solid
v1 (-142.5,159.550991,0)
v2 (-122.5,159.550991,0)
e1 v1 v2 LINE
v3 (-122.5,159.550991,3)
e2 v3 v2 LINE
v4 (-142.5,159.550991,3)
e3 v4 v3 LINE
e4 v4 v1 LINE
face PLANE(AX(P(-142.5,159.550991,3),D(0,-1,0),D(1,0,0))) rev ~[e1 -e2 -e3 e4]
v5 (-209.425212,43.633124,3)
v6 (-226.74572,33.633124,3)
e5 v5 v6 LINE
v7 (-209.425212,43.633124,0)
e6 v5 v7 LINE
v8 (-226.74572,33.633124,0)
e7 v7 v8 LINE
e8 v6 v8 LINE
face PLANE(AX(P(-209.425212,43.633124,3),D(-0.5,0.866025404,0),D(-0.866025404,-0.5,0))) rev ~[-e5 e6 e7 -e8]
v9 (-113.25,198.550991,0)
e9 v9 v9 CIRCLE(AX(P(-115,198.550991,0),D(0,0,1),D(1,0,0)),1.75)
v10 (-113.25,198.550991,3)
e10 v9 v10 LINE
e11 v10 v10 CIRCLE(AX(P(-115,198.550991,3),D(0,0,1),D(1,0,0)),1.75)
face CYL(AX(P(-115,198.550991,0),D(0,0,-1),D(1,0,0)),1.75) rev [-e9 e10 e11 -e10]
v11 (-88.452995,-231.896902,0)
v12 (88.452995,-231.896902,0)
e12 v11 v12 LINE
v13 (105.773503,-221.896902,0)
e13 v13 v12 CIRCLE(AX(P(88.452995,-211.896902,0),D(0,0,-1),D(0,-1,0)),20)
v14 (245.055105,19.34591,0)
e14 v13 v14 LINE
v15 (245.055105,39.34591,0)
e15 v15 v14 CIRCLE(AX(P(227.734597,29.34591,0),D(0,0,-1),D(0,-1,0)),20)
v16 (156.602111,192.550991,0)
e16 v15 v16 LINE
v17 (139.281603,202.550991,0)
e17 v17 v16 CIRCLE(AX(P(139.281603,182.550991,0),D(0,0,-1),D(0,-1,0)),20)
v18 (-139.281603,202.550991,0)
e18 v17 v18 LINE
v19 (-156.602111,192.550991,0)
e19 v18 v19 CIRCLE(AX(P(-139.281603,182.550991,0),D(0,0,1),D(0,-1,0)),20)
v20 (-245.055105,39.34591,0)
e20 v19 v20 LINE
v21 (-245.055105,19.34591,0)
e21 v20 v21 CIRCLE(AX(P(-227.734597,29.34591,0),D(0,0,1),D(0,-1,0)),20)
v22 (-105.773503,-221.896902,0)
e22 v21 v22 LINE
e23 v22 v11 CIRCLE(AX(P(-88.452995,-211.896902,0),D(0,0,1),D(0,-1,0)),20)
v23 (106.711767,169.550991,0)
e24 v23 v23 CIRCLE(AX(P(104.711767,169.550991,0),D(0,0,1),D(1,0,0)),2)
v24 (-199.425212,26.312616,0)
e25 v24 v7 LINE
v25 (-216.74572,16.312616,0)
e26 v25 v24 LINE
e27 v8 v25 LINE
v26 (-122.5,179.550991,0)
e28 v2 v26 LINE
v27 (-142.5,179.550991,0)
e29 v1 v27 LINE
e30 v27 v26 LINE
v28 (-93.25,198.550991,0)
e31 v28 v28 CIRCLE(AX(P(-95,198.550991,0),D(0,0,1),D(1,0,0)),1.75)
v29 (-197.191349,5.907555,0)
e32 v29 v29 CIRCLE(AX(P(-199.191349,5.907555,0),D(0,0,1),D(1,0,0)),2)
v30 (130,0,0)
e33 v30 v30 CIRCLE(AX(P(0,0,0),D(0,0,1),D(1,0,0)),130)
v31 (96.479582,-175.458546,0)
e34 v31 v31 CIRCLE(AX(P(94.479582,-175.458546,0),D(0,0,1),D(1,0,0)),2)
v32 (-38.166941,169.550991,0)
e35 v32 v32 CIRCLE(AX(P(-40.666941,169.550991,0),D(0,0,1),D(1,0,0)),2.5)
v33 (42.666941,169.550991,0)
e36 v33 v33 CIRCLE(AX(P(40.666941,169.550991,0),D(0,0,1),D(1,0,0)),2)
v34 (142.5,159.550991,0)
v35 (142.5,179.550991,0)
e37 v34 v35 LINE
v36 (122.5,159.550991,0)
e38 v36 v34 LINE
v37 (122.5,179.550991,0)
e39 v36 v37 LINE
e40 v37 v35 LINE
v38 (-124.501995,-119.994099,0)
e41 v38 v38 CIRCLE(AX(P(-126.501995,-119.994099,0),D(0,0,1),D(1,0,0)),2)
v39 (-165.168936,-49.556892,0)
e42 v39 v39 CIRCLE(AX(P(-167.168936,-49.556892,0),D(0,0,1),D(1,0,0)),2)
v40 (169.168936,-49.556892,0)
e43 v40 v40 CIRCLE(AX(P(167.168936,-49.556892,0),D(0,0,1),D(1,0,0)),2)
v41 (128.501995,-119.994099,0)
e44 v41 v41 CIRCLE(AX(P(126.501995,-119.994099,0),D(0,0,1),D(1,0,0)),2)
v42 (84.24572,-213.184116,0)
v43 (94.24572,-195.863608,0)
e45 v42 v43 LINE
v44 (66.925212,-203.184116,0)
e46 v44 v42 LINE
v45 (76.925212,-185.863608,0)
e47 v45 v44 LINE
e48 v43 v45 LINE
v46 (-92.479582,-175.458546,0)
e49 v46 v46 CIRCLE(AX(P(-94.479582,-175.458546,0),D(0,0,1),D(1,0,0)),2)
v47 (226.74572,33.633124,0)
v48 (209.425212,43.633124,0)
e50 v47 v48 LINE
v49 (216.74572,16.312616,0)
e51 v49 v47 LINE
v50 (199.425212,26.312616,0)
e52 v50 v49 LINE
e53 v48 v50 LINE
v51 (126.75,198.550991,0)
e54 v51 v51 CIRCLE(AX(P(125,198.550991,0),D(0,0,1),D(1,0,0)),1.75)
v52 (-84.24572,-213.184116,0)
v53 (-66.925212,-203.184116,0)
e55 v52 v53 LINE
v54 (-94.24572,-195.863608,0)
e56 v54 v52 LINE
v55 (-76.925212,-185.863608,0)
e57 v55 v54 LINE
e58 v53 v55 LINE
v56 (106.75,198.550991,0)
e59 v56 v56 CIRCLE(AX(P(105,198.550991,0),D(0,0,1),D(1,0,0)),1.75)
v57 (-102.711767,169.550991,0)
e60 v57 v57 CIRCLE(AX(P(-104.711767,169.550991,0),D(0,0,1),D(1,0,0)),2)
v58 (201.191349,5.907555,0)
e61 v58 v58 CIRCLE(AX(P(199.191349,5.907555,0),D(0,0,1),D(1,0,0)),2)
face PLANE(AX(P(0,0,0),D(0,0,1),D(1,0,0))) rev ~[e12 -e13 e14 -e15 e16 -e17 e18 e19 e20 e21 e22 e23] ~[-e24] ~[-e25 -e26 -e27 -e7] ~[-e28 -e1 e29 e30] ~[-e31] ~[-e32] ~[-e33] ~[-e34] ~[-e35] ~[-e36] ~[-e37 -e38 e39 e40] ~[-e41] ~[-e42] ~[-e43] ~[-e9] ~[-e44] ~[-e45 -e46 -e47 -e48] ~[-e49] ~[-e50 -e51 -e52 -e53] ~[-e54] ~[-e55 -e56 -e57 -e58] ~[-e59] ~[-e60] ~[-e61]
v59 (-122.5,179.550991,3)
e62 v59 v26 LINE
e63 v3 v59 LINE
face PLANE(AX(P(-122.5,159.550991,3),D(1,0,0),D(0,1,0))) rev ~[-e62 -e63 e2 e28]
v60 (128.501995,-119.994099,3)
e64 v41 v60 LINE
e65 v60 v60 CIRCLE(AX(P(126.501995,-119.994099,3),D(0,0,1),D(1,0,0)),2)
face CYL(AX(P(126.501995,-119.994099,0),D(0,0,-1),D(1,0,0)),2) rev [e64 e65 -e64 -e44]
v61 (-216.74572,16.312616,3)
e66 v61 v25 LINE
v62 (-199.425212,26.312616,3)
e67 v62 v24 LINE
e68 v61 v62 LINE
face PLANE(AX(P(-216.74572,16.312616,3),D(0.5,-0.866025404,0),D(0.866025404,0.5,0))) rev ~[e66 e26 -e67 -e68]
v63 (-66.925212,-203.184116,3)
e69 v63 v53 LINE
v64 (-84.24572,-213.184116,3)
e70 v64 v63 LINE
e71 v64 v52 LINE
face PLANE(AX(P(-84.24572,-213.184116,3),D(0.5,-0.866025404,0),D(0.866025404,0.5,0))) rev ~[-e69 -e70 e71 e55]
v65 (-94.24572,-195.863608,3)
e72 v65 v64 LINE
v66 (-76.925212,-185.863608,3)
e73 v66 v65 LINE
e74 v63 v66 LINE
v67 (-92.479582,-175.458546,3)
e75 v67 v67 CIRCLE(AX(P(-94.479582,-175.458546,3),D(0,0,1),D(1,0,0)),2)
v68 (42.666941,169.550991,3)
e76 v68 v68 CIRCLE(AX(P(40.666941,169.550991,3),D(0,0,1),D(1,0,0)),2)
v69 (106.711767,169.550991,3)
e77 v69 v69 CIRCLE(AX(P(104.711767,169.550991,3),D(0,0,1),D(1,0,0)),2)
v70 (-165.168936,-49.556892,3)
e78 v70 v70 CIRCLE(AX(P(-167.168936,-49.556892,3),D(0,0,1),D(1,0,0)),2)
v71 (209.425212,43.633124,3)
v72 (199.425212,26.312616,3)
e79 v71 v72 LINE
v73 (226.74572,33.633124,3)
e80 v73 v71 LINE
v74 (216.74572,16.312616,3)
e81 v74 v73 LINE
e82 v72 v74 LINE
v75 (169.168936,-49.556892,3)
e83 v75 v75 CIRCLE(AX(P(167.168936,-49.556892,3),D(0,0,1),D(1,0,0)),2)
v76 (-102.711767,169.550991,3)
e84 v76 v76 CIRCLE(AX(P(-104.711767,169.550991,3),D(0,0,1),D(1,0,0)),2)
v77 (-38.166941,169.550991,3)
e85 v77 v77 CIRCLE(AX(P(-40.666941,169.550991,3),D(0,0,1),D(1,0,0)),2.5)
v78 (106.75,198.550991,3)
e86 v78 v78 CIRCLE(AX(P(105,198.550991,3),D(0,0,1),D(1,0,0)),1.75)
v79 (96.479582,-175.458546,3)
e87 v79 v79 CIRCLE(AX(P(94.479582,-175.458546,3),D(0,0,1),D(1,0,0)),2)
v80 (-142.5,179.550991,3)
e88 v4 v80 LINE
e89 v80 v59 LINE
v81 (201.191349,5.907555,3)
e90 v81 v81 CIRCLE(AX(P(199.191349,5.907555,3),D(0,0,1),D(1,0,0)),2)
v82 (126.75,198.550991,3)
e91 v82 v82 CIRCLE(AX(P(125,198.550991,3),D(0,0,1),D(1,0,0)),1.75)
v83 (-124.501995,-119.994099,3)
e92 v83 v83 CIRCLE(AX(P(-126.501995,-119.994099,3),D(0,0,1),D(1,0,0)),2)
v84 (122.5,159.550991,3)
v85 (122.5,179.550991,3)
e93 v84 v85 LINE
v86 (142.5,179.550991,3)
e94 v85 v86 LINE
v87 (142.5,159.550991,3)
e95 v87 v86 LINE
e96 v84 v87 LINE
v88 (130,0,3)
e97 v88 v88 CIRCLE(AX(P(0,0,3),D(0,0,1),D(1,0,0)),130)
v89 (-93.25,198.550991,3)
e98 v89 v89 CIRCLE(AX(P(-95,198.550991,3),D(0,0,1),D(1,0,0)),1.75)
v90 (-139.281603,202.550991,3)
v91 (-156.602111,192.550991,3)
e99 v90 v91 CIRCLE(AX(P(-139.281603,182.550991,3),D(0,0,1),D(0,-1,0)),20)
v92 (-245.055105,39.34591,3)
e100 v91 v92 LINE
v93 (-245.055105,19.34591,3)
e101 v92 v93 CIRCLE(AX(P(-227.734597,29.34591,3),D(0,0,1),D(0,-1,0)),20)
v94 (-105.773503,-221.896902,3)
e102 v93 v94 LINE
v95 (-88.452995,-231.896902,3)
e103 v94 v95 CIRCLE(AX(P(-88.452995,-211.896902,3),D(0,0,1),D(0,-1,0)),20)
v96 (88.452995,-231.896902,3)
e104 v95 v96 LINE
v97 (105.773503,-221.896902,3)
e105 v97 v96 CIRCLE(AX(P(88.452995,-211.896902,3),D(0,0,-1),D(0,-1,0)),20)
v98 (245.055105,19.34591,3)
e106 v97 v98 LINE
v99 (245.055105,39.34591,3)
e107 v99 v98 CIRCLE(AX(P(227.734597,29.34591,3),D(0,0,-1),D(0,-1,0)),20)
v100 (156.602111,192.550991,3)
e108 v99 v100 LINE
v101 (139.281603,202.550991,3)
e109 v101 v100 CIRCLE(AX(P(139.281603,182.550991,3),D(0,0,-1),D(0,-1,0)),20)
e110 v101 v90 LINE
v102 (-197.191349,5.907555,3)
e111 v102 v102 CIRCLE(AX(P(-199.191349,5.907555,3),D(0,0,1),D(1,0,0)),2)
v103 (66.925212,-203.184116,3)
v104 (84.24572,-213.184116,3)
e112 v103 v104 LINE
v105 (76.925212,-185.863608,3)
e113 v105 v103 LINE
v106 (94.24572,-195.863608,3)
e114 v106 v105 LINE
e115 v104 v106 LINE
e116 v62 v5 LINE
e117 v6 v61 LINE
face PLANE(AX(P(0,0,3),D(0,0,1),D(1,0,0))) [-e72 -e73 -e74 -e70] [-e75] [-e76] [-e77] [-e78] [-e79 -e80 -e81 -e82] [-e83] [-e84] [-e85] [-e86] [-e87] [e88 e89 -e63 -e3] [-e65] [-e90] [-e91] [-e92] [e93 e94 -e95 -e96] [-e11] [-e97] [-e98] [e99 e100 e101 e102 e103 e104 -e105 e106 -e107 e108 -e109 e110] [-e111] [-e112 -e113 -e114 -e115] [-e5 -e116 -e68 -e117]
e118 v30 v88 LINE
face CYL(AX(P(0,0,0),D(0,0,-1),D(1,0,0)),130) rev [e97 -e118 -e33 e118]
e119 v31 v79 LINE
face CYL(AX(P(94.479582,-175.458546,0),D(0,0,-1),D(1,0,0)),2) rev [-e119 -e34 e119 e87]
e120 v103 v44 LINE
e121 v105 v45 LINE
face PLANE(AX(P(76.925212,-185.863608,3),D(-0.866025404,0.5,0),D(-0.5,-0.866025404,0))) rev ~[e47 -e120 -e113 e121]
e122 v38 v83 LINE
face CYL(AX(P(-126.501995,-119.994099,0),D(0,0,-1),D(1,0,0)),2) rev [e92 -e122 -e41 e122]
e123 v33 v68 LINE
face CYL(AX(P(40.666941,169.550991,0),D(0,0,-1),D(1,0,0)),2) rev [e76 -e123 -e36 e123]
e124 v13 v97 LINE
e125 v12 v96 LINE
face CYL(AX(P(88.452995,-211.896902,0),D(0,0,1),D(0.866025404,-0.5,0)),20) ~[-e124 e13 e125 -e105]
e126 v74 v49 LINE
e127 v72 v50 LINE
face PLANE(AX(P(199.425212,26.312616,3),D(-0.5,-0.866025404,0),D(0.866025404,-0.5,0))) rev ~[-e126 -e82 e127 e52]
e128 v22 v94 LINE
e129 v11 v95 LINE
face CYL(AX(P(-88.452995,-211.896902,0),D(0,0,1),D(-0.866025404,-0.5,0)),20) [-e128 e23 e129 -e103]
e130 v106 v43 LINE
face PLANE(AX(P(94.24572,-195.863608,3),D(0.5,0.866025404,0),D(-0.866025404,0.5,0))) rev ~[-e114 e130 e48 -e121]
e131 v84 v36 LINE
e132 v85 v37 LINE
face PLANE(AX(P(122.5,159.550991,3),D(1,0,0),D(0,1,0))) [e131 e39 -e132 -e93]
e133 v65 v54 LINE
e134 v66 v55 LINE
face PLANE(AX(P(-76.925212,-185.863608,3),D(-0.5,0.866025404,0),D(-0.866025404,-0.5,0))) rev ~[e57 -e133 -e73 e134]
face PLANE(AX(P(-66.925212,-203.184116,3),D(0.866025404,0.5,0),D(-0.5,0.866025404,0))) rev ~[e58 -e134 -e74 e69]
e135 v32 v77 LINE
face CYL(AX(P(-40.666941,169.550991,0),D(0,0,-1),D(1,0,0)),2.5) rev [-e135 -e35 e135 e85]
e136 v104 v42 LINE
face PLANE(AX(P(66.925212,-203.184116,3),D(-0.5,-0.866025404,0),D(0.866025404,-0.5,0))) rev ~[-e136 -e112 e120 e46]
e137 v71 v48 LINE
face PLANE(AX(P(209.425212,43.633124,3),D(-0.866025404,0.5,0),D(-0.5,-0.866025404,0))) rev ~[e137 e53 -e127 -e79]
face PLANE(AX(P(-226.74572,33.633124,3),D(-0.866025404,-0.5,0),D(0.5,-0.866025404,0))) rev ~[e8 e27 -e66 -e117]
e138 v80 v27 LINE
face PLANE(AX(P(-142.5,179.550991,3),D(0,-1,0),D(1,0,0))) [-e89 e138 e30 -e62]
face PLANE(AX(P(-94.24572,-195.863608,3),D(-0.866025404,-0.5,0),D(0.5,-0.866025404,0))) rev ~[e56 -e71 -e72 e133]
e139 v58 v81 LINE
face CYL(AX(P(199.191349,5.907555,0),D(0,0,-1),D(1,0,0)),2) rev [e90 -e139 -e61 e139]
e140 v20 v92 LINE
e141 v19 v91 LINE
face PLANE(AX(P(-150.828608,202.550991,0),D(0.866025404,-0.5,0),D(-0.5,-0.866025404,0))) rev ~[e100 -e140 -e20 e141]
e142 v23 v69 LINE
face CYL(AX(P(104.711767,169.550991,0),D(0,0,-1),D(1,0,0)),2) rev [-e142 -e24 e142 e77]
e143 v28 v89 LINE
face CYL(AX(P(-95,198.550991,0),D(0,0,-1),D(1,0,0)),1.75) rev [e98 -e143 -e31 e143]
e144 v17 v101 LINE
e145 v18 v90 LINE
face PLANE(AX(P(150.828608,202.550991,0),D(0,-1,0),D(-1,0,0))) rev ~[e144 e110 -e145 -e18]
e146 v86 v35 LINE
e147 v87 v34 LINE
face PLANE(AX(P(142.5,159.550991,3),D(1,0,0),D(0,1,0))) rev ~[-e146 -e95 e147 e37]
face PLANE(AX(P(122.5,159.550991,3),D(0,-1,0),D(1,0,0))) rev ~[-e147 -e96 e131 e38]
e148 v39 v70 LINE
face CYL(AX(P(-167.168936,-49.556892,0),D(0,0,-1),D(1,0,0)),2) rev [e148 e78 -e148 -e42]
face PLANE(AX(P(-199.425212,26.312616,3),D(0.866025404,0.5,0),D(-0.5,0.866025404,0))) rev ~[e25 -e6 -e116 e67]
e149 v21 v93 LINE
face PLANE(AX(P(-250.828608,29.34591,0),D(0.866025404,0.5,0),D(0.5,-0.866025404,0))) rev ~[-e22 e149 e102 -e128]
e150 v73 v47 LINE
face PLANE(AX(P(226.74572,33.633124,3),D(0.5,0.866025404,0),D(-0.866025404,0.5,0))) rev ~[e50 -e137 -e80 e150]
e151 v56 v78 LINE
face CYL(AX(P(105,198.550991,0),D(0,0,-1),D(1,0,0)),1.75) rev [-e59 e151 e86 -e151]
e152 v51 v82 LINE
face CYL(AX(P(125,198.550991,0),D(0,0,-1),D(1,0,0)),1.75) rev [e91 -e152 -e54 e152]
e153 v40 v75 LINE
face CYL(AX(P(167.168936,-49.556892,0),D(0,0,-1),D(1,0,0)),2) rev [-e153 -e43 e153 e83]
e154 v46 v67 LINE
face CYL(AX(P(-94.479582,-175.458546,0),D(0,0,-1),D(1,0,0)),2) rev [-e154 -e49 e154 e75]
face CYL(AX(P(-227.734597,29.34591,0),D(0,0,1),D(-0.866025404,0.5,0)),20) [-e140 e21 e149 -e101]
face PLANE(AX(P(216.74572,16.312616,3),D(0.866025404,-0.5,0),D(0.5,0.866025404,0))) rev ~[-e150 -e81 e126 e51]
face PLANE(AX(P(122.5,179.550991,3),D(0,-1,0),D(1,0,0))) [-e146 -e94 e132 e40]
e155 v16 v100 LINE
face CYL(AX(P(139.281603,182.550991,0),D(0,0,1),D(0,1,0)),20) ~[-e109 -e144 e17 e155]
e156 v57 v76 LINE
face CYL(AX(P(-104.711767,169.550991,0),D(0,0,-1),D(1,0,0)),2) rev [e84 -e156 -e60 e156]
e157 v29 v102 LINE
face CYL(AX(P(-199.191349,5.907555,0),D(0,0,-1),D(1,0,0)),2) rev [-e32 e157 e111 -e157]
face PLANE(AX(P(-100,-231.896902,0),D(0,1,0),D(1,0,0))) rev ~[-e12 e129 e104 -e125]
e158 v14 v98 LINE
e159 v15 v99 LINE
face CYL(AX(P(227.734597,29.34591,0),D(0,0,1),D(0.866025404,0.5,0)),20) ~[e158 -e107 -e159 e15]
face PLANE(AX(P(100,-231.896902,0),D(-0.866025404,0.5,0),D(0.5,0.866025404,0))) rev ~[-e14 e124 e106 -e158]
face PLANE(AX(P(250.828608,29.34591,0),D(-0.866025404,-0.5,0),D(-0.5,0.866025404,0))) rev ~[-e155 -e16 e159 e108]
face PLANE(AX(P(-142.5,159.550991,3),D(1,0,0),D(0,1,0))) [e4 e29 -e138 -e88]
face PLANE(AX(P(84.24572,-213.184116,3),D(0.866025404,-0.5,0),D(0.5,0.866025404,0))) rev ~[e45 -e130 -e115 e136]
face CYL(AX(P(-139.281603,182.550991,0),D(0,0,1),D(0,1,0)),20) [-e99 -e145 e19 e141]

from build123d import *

# Parameters (mm, degrees)
SKETCH_1_R          = 130
SKETCH_1_R_2        = 2
SKETCH_1_R_3        = 2.5
SKETCH_1_R_4        = 1.75
EXTRUDE_1_DEPTH     = 3
SKETCH_8_W          = 20
SKETCH_8_H          = 20
CUT_EXTRUDE_4_DEPTH = 4
FILLET_2_R          = 20


with BuildPart() as part:
    # 草图1 → 凸台-拉伸1 (new body)
    with BuildSketch(Plane.XY):
        Polygon((150.828607906, 202.550991214), (-150.828607906, 202.550991214), (-250.828607906, 29.345910457), (-100, -231.89690167), (100, -231.89690167), (250.828607906, 29.345910457), align=None)
        Circle(SKETCH_1_R, mode=Mode.SUBTRACT)
        with Locations((-199.191349288, 5.907554968)):
            Circle(SKETCH_1_R_2, mode=Mode.SUBTRACT)
        with Locations((-167.168935942, -49.556891928)):
            Circle(SKETCH_1_R_2, mode=Mode.SUBTRACT)
        with Locations((-126.501995314, -119.994099285)):
            Circle(SKETCH_1_R_2, mode=Mode.SUBTRACT)
        with Locations((-94.479581967, -175.458546182)):
            Circle(SKETCH_1_R_2, mode=Mode.SUBTRACT)
        with Locations((199.191349288, 5.907554968)):
            Circle(SKETCH_1_R_2, mode=Mode.SUBTRACT)
        with Locations((167.168935942, -49.556891928)):
            Circle(SKETCH_1_R_2, mode=Mode.SUBTRACT)
        with Locations((126.501995313, -119.994099286)):
            Circle(SKETCH_1_R_2, mode=Mode.SUBTRACT)
        with Locations((94.479581967, -175.458546182)):
            Circle(SKETCH_1_R_2, mode=Mode.SUBTRACT)
        with Locations((104.711767321, 169.550991214)):
            Circle(SKETCH_1_R_2, mode=Mode.SUBTRACT)
        with Locations((40.666940629, 169.550991214)):
            Circle(SKETCH_1_R_2, mode=Mode.SUBTRACT)
        with Locations((-40.666940629, 169.550991214)):
            Circle(SKETCH_1_R_3, mode=Mode.SUBTRACT)
        with Locations((-104.711767321, 169.550991214)):
            Circle(SKETCH_1_R_2, mode=Mode.SUBTRACT)
        with Locations((125, 198.550991214)):
            Circle(SKETCH_1_R_4, mode=Mode.SUBTRACT)
        with Locations((105, 198.550991214)):
            Circle(SKETCH_1_R_4, mode=Mode.SUBTRACT)
        with Locations((-95, 198.550991214)):
            Circle(SKETCH_1_R_4, mode=Mode.SUBTRACT)
        with Locations((-115, 198.550991214)):
            Circle(SKETCH_1_R_4, mode=Mode.SUBTRACT)
    extrude(amount=EXTRUDE_1_DEPTH)

    # 草图8 → 切除-拉伸4 (cut, through all)
    with BuildSketch(Plane.XY.offset(3)):
        with Locations((-132.5, 169.550991214)):
            Rectangle(SKETCH_8_W, SKETCH_8_H)
        Polygon((-209.42521159, 43.633124432), (-226.745719666, 33.633124432), (-216.745719666, 16.312616357), (-199.42521159, 26.312616357), align=None)
        Polygon((-84.245719666, -213.184115646), (-66.92521159, -203.184115646), (-76.92521159, -185.86360757), (-94.245719666, -195.86360757), align=None)
        Polygon((66.92521159, -203.184115646), (84.245719666, -213.184115646), (94.245719666, -195.86360757), (76.92521159, -185.86360757), align=None)
        Polygon((209.42521159, 43.633124432), (199.42521159, 26.312616357), (216.745719666, 16.312616357), (226.745719666, 33.633124432), align=None)
        with Locations((132.5, 169.550991214)):
            Rectangle(SKETCH_8_W, SKETCH_8_H)
    extrude(amount=-CUT_EXTRUDE_4_DEPTH, mode=Mode.SUBTRACT)

    # 圆角2
    fillet_2_edges = [part.edges().sort_by_distance(p)[0] for p in [
        (-150.828607906, 202.550991214, 1.5),
        (150.828607906, 202.550991214, 1.5),
        (250.828607906, 29.345910457, 1.5),
        (100, -231.89690167, 1.5),
        (-100, -231.89690167, 1.5),
        (-250.828607906, 29.345910457, 1.5),
    ]]
    fillet(fillet_2_edges, radius=FILLET_2_R)


solid = part.part
